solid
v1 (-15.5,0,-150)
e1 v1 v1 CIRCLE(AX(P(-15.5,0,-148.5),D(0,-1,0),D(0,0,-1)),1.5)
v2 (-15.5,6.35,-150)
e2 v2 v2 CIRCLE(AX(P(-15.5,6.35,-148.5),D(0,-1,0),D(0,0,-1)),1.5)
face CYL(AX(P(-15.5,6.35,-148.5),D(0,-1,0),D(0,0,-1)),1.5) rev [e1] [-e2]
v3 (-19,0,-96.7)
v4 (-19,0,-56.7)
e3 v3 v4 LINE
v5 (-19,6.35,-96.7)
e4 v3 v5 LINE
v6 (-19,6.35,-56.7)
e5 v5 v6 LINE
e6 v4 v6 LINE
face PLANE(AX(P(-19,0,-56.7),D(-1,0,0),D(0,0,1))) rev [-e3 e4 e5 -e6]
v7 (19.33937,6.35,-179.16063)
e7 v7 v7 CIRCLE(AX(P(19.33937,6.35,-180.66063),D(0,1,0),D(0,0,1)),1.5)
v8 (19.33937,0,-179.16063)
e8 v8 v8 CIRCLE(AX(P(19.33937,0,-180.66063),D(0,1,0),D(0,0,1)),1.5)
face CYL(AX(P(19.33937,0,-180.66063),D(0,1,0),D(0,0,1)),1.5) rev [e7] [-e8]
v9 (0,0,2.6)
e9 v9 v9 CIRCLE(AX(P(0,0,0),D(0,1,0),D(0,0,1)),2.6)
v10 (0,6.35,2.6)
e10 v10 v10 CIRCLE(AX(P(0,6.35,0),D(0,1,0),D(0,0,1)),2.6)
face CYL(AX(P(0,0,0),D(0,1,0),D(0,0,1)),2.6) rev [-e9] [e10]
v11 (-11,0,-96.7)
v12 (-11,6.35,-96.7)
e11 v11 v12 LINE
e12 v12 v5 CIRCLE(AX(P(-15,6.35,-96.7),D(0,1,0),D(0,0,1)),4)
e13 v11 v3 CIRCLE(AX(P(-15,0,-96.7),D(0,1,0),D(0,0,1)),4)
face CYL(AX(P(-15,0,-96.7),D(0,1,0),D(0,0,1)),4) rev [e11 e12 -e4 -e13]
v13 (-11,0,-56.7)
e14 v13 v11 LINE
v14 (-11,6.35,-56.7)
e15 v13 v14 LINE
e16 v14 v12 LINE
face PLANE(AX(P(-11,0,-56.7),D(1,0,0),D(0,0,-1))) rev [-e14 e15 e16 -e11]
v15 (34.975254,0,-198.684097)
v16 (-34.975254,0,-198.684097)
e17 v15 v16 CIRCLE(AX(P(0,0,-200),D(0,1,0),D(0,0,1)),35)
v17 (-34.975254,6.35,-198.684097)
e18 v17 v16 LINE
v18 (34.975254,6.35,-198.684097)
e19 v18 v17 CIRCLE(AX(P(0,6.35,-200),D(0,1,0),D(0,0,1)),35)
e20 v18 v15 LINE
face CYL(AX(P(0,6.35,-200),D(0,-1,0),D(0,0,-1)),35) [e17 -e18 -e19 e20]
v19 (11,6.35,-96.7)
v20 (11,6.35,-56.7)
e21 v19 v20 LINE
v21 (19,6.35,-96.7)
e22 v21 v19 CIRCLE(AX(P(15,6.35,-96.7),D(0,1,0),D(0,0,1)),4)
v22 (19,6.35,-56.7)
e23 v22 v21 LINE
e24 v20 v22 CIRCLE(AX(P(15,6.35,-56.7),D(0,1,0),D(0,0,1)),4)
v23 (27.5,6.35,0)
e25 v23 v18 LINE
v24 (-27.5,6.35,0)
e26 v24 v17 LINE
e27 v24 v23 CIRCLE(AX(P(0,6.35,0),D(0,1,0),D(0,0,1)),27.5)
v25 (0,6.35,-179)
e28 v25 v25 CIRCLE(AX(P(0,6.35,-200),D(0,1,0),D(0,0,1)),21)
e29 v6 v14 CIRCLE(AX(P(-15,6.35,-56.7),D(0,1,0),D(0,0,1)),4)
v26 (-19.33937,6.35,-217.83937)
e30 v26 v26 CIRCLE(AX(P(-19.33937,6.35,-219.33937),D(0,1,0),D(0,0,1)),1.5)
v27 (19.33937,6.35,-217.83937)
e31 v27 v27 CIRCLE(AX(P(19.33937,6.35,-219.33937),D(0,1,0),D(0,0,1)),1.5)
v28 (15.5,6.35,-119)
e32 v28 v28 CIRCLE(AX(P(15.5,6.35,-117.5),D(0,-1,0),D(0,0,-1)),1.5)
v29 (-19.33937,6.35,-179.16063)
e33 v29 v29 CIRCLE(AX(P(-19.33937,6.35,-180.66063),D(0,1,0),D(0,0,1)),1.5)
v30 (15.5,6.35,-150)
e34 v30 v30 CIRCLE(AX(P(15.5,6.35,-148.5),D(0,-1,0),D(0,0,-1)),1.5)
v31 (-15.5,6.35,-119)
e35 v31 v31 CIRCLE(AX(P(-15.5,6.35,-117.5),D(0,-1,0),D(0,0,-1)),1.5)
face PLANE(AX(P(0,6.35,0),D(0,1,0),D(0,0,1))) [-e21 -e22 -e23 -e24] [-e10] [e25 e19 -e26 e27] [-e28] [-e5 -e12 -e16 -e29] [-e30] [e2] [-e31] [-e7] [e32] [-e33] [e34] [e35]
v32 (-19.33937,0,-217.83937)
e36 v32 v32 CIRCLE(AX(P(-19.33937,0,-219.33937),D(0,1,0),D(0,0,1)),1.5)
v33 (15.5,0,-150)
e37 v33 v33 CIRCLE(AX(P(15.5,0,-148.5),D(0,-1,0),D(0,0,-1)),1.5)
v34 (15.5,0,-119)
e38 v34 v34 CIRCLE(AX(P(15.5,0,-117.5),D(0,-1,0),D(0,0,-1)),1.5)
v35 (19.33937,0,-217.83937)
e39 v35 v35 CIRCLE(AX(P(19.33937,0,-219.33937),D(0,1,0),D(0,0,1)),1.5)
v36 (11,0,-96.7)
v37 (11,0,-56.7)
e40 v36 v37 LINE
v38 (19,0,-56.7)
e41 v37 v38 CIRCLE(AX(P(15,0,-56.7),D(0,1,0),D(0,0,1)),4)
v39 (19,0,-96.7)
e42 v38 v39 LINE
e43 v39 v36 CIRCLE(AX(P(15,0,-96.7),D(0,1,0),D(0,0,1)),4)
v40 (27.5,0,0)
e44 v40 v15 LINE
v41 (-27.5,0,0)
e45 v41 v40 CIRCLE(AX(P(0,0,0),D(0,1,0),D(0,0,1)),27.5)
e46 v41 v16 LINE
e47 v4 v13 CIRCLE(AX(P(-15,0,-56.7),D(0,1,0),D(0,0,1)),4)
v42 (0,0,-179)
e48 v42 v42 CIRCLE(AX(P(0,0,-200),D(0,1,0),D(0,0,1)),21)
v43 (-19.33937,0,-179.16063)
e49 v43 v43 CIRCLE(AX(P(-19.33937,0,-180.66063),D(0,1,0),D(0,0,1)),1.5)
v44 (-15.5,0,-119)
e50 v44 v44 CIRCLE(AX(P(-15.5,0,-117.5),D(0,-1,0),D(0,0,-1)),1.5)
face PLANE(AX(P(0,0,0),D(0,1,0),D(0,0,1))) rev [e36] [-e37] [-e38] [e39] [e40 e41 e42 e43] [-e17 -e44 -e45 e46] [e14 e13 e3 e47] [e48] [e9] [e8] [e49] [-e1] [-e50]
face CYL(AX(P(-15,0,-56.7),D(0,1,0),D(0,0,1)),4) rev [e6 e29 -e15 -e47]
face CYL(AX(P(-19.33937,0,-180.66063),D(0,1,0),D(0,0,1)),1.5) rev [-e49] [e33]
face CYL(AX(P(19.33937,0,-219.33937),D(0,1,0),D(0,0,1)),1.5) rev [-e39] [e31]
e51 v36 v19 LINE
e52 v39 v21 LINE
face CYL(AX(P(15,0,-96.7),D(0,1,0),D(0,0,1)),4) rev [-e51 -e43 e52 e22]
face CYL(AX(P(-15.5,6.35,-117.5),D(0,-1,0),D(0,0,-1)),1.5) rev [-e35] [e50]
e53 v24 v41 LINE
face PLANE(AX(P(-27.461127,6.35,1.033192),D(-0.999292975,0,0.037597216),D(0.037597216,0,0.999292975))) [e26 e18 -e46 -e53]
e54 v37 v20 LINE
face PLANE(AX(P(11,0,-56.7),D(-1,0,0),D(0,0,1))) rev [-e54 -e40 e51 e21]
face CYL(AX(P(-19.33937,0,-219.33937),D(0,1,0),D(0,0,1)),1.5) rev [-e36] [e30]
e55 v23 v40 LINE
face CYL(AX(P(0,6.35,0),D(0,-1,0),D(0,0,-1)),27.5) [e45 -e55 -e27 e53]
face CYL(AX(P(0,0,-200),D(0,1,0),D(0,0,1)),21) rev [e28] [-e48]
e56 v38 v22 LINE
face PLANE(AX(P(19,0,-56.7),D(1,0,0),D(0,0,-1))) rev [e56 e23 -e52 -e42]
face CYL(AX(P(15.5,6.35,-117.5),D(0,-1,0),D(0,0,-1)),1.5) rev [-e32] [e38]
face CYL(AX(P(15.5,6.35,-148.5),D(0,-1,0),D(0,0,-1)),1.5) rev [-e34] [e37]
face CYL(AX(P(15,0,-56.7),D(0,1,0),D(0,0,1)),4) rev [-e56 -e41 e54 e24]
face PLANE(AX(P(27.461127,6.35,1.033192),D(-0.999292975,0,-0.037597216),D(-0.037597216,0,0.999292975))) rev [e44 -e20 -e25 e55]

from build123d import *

# Parameters (mm, degrees)
BOSS_EXTRUDE1_DEPTH     = 6.35
SKETCH2_R               = 2.6
CUT_EXTRUDE1_DEPTH      = 238.676928834
ESQUISSE3_R             = 21
ENL_V_MAT_EXTRU_2_DEPTH = 238.676928834
ESQUISSE7_R             = 1.5
ENL_V_MAT_EXTRU_3_DEPTH = 238.676928834
CUT_EXTRUDE3_DEPTH      = 238.676928834
SKETCH5_R               = 1.5
CUT_EXTRUDE4_DEPTH      = 238.676928834


with BuildPart() as part:
    # Sketch1 → Boss-Extrude1 (new body)
    with BuildSketch(Plane(origin=(0, 0, 0), x_dir=(1, 0, 0), z_dir=(0, 1, 0))):
        with BuildLine():
            Line((27.5, 0), (34.975254116, 198.684097441))
            ThreePointArc((34.975254116, 198.684097441), (0, 235), (-34.975254116, 198.684097441))
            Line((-34.975254116, 198.684097441), (-27.5, 0))
            ThreePointArc((-27.5, 0), (0, -27.5), (27.5, 0))
        make_face()
    extrude(amount=BOSS_EXTRUDE1_DEPTH)

    # Sketch2 → Cut-Extrude1 (cut, through all)
    with BuildSketch(Plane(origin=(0, 6.35, 0), x_dir=(1, 0, 0), z_dir=(0, 1, 0))):
        with Locations(Location((0, 0, 0), (0, 0, 270))):
            Circle(SKETCH2_R)
    extrude(amount=-CUT_EXTRUDE1_DEPTH, mode=Mode.SUBTRACT)

    # Esquisse3 → Enlèv. mat.-Extru.2 (cut, through all)
    with BuildSketch(Plane(origin=(0, 6.35, 0), x_dir=(1, 0, 0), z_dir=(0, 1, 0))):
        with Locations(Location((0, 200, 0), (0, 0, 270))):
            Circle(ESQUISSE3_R)
    extrude(amount=-ENL_V_MAT_EXTRU_2_DEPTH, mode=Mode.SUBTRACT)

    # Esquisse7 → Enlèv. mat.-Extru.3 (cut, through all)
    with BuildSketch(Plane(origin=(0, 6.35, 0), x_dir=(1, 0, 0), z_dir=(0, 1, 0))):
        with Locations(Location((-19.339370465, 219.339370465, 0), (0, 0, 270))):
            Circle(ESQUISSE7_R)
        with Locations(Location((19.339370465, 219.339370465, 0), (0, 0, 270))):
            Circle(ESQUISSE7_R)
        with Locations(Location((19.339370465, 180.660629535, 0), (0, 0, 270))):
            Circle(ESQUISSE7_R)
        with Locations(Location((-19.339370465, 180.660629535, 0), (0, 0, 270))):
            Circle(ESQUISSE7_R)
    extrude(amount=-ENL_V_MAT_EXTRU_3_DEPTH, mode=Mode.SUBTRACT)

    # Sketch4 → Cut-Extrude3 (cut, through all)
    with BuildSketch(Plane(origin=(0, 6.35, 0), x_dir=(1, 0, 0), z_dir=(0, 1, 0))):
        with BuildLine():
            Line((-19, 56.7), (-19, 96.7))
            ThreePointArc((-19, 96.7), (-15, 100.7), (-11, 96.7))
            Line((-11, 96.7), (-11, 56.7))
            ThreePointArc((-11, 56.7), (-15, 52.7), (-19, 56.7))
        make_face()
        with BuildLine():
            Line((11, 56.7), (11, 96.7))
            ThreePointArc((11, 96.7), (15, 100.7), (19, 96.7))
            Line((19, 96.7), (19, 56.7))
            ThreePointArc((19, 56.7), (15, 52.7), (11, 56.7))
        make_face()
    extrude(amount=-CUT_EXTRUDE3_DEPTH, mode=Mode.SUBTRACT)

    # Sketch5 → Cut-Extrude4 (cut, through all)
    with BuildSketch(Plane.XZ):
        with Locations(Location((15.5, -117.5, 0), (0, 0, 270))):
            Circle(SKETCH5_R)
        with Locations(Location((15.5, -148.5, 0), (0, 0, 270))):
            Circle(SKETCH5_R)
        with Locations(Location((-15.5, -148.5, 0), (0, 0, 270))):
            Circle(SKETCH5_R)
        with Locations(Location((-15.5, -117.5, 0), (0, 0, 270))):
            Circle(SKETCH5_R)
    extrude(amount=-CUT_EXTRUDE4_DEPTH, mode=Mode.SUBTRACT)


solid = part.part
